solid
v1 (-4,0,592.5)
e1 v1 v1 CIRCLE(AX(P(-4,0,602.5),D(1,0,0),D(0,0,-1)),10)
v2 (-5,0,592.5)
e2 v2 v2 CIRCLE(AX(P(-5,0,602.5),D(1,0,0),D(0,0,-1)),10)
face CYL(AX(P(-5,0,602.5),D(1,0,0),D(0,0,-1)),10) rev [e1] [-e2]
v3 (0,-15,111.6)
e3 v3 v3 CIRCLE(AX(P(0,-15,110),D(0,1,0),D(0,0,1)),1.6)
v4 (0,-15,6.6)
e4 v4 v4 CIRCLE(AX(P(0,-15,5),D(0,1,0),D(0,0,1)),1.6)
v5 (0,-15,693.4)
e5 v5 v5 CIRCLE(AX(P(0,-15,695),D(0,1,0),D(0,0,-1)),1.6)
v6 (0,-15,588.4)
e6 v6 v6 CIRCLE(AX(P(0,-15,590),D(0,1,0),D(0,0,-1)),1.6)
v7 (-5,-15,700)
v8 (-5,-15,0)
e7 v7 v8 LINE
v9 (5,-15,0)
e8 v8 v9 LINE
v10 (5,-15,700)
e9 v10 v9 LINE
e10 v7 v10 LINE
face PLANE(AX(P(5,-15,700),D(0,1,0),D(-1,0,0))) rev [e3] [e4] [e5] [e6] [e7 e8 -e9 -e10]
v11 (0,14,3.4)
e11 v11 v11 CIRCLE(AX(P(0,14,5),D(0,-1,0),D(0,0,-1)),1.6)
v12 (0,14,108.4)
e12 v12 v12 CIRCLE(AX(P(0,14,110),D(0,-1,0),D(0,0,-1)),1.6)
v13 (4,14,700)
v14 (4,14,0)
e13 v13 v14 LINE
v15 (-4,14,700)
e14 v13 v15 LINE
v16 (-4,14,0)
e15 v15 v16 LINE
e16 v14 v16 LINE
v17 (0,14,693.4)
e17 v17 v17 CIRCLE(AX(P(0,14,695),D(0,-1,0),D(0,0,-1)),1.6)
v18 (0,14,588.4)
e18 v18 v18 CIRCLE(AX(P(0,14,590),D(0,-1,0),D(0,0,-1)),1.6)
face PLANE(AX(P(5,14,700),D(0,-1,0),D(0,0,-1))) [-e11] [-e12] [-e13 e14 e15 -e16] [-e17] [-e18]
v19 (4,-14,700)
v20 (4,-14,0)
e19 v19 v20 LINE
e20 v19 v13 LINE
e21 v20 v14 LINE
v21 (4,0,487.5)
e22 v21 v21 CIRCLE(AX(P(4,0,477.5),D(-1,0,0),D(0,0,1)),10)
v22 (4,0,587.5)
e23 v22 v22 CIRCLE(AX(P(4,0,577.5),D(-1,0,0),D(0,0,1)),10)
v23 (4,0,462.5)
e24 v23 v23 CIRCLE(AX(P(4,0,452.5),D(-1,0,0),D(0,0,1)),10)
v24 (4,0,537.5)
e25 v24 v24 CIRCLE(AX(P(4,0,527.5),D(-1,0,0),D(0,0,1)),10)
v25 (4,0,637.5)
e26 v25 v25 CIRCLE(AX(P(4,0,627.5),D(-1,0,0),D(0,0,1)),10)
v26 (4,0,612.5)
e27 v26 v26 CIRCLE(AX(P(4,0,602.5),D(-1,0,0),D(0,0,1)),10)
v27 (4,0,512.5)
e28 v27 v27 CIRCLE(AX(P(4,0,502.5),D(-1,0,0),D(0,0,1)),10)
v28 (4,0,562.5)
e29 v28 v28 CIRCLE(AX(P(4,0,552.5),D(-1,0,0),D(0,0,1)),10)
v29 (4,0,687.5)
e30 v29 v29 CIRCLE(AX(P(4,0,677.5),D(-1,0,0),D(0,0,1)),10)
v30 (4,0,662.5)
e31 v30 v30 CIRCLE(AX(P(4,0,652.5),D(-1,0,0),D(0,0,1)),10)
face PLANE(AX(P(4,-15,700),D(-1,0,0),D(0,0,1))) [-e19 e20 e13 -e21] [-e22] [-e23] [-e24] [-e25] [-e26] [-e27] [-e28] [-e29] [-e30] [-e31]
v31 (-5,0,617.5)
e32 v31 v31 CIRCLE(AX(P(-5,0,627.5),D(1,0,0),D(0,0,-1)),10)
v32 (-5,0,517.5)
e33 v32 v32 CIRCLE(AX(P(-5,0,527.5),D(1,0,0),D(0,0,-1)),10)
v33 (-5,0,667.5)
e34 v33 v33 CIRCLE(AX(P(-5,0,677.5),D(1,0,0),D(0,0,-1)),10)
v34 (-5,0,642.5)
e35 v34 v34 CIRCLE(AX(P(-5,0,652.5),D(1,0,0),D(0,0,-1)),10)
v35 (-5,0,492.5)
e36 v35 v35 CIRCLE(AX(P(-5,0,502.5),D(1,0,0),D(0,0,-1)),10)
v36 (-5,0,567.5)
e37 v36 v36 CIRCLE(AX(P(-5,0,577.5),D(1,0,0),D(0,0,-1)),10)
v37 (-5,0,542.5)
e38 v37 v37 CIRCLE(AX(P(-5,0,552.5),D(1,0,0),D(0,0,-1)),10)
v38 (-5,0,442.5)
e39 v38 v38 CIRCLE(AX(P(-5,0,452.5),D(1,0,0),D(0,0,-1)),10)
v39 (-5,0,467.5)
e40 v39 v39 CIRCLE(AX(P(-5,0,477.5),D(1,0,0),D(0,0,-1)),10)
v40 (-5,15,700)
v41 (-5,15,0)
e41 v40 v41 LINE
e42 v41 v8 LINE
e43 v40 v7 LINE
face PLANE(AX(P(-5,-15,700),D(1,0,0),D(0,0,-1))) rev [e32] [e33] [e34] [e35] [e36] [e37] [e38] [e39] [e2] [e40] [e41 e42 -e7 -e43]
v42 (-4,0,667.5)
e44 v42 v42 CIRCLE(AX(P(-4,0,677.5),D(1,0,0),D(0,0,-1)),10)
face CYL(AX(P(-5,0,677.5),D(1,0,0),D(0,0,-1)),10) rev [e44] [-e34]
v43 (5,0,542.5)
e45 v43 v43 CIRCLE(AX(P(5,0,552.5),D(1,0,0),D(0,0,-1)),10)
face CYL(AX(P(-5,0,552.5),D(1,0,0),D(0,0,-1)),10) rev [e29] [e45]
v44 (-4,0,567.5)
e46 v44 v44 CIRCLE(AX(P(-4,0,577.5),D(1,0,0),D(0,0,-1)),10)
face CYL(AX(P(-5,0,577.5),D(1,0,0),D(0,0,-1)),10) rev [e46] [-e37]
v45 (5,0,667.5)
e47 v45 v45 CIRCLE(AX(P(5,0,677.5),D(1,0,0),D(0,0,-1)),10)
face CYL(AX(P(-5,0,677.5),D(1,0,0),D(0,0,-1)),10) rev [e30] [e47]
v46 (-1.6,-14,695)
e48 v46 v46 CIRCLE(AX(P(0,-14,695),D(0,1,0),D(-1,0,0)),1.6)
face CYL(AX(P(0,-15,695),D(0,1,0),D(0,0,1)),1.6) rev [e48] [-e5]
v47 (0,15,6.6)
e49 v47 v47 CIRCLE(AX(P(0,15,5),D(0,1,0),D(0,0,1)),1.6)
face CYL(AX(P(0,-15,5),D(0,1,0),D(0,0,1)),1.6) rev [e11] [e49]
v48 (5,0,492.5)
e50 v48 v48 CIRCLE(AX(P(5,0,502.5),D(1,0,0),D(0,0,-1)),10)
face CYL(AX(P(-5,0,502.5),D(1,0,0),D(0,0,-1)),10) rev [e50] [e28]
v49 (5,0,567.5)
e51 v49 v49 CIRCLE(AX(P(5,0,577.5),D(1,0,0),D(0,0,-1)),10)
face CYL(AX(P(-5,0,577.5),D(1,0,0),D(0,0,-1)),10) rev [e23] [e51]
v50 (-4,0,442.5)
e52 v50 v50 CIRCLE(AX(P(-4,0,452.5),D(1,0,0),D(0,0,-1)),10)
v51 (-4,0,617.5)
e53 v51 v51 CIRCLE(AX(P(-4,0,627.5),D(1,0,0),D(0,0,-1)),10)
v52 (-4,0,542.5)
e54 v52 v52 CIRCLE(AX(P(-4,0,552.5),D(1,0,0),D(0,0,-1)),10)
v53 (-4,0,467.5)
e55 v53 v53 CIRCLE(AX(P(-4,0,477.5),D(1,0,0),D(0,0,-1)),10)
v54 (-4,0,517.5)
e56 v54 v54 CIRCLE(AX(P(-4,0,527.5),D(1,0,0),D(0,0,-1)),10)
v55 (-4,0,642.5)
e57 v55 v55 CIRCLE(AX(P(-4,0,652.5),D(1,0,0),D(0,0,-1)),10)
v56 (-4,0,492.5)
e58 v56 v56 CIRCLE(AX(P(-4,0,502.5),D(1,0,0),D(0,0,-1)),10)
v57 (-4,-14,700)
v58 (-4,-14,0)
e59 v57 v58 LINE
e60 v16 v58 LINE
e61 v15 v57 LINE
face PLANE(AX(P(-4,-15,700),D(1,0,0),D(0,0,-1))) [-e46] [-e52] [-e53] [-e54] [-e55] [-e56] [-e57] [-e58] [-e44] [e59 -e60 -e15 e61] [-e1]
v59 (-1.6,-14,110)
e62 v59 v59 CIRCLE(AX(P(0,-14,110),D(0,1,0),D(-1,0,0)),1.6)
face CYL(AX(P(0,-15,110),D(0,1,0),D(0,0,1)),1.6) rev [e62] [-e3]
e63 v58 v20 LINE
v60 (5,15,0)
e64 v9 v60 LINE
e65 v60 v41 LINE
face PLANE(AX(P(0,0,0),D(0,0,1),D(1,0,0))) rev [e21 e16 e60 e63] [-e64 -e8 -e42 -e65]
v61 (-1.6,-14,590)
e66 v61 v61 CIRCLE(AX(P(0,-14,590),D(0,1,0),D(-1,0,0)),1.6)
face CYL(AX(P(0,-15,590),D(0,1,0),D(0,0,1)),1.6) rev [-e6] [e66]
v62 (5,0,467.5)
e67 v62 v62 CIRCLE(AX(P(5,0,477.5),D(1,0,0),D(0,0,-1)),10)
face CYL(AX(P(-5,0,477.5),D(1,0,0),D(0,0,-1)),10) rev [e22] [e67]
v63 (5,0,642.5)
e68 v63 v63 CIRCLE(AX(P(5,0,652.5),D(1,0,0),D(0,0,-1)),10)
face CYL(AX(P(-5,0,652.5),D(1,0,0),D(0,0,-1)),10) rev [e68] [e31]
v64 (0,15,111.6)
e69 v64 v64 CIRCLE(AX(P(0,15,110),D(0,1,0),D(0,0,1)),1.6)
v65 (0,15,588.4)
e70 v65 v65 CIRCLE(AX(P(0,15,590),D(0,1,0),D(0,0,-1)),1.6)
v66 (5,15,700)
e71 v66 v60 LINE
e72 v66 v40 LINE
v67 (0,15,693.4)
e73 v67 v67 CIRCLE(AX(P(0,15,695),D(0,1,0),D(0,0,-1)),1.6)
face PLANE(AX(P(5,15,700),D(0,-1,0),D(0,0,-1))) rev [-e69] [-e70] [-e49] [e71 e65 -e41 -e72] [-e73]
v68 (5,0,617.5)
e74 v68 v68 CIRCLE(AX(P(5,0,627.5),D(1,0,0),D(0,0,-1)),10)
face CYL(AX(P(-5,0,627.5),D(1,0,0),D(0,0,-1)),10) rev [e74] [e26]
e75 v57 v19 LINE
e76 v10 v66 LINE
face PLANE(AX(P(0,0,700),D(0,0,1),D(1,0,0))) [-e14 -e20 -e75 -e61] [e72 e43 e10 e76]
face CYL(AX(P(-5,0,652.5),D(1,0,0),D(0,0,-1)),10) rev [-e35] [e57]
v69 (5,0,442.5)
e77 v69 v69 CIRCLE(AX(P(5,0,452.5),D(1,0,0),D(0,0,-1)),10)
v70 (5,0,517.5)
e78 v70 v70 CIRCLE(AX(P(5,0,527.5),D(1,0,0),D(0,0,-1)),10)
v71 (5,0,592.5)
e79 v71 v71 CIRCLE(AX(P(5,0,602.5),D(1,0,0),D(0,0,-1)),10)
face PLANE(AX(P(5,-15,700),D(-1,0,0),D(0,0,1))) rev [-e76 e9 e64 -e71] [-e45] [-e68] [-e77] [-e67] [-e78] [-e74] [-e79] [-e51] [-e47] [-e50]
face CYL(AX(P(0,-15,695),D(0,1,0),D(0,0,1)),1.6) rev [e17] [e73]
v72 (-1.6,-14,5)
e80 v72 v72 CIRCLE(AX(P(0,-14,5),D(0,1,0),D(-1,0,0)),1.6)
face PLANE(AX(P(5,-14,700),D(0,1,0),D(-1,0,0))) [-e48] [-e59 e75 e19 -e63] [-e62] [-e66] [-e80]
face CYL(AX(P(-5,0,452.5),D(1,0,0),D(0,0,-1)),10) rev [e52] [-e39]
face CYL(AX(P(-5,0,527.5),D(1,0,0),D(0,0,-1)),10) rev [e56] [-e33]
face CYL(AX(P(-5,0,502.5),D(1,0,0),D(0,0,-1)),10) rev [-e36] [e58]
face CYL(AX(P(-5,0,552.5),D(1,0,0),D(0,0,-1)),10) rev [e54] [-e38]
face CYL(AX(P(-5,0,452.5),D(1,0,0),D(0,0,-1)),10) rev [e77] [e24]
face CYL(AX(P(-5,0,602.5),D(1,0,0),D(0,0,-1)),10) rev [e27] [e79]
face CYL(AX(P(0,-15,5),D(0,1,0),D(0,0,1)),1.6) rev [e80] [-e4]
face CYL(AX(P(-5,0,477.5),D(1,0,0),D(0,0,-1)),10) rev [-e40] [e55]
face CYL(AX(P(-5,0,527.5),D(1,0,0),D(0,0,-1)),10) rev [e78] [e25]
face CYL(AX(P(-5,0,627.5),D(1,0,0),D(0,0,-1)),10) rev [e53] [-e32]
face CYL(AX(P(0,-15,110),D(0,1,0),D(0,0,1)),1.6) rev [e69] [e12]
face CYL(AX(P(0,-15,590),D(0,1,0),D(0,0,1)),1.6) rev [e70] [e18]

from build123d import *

# Parameters (mm, degrees)
SKETCH_1_W          = 10
SKETCH_1_H          = 30
SKETCH_1_W_2        = 8
SKETCH_1_H_2        = 28
EXTRUDE_1_DEPTH     = 700
SKETCH_2_R          = 1.6
CUT_EXTRUDE_1_DEPTH = 701.660402763
SKETCH_3_R          = 10
CUT_EXTRUDE_2_DEPTH = 701.232104377


with BuildPart() as part:
    # ｽｹｯﾁ1 → 押し出し-薄板1 (new body)
    with BuildSketch(Plane.XY):
        Rectangle(SKETCH_1_W, SKETCH_1_H)
        Rectangle(SKETCH_1_W_2, SKETCH_1_H_2, mode=Mode.SUBTRACT)
    extrude(amount=EXTRUDE_1_DEPTH)

    # ｽｹｯﾁ2 → ｶｯﾄ - 押し出し1 (cut, through all)
    with BuildSketch(Plane(origin=(0, 15, 0), x_dir=(1, 0, 0), z_dir=(0, 1, 0))):
        with Locations(Location((0, -5, 0), (0, 0, 270))):
            Circle(SKETCH_2_R)
        with Locations(Location((0, -110, 0), (0, 0, 270))):
            Circle(SKETCH_2_R)
        with Locations(Location((0, -695, 0), (0, 0, 90))):
            Circle(SKETCH_2_R)
        with Locations(Location((0, -590, 0), (0, 0, 90))):
            Circle(SKETCH_2_R)
    extrude(amount=-CUT_EXTRUDE_1_DEPTH, mode=Mode.SUBTRACT)

    # ｽｹｯﾁ3 → ｶｯﾄ - 押し出し2 (cut, through all)
    with BuildSketch(Plane(origin=(5, 0, 0), x_dir=(0, 0, -1), z_dir=(1, 0, 0))):
        with Locations((-677.5, 0)):
            Circle(SKETCH_3_R)
        with Locations((-652.5, 0)):
            Circle(SKETCH_3_R)
        with Locations((-627.5, 0)):
            Circle(SKETCH_3_R)
        with Locations((-602.5, 0)):
            Circle(SKETCH_3_R)
        with Locations((-577.5, 0)):
            Circle(SKETCH_3_R)
        with Locations((-552.5, 0)):
            Circle(SKETCH_3_R)
        with Locations((-527.5, 0)):
            Circle(SKETCH_3_R)
        with Locations((-502.5, 0)):
            Circle(SKETCH_3_R)
        with Locations((-477.5, 0)):
            Circle(SKETCH_3_R)
        with Locations((-452.5, 0)):
            Circle(SKETCH_3_R)
    extrude(amount=-CUT_EXTRUDE_2_DEPTH, mode=Mode.SUBTRACT)


solid = part.part
